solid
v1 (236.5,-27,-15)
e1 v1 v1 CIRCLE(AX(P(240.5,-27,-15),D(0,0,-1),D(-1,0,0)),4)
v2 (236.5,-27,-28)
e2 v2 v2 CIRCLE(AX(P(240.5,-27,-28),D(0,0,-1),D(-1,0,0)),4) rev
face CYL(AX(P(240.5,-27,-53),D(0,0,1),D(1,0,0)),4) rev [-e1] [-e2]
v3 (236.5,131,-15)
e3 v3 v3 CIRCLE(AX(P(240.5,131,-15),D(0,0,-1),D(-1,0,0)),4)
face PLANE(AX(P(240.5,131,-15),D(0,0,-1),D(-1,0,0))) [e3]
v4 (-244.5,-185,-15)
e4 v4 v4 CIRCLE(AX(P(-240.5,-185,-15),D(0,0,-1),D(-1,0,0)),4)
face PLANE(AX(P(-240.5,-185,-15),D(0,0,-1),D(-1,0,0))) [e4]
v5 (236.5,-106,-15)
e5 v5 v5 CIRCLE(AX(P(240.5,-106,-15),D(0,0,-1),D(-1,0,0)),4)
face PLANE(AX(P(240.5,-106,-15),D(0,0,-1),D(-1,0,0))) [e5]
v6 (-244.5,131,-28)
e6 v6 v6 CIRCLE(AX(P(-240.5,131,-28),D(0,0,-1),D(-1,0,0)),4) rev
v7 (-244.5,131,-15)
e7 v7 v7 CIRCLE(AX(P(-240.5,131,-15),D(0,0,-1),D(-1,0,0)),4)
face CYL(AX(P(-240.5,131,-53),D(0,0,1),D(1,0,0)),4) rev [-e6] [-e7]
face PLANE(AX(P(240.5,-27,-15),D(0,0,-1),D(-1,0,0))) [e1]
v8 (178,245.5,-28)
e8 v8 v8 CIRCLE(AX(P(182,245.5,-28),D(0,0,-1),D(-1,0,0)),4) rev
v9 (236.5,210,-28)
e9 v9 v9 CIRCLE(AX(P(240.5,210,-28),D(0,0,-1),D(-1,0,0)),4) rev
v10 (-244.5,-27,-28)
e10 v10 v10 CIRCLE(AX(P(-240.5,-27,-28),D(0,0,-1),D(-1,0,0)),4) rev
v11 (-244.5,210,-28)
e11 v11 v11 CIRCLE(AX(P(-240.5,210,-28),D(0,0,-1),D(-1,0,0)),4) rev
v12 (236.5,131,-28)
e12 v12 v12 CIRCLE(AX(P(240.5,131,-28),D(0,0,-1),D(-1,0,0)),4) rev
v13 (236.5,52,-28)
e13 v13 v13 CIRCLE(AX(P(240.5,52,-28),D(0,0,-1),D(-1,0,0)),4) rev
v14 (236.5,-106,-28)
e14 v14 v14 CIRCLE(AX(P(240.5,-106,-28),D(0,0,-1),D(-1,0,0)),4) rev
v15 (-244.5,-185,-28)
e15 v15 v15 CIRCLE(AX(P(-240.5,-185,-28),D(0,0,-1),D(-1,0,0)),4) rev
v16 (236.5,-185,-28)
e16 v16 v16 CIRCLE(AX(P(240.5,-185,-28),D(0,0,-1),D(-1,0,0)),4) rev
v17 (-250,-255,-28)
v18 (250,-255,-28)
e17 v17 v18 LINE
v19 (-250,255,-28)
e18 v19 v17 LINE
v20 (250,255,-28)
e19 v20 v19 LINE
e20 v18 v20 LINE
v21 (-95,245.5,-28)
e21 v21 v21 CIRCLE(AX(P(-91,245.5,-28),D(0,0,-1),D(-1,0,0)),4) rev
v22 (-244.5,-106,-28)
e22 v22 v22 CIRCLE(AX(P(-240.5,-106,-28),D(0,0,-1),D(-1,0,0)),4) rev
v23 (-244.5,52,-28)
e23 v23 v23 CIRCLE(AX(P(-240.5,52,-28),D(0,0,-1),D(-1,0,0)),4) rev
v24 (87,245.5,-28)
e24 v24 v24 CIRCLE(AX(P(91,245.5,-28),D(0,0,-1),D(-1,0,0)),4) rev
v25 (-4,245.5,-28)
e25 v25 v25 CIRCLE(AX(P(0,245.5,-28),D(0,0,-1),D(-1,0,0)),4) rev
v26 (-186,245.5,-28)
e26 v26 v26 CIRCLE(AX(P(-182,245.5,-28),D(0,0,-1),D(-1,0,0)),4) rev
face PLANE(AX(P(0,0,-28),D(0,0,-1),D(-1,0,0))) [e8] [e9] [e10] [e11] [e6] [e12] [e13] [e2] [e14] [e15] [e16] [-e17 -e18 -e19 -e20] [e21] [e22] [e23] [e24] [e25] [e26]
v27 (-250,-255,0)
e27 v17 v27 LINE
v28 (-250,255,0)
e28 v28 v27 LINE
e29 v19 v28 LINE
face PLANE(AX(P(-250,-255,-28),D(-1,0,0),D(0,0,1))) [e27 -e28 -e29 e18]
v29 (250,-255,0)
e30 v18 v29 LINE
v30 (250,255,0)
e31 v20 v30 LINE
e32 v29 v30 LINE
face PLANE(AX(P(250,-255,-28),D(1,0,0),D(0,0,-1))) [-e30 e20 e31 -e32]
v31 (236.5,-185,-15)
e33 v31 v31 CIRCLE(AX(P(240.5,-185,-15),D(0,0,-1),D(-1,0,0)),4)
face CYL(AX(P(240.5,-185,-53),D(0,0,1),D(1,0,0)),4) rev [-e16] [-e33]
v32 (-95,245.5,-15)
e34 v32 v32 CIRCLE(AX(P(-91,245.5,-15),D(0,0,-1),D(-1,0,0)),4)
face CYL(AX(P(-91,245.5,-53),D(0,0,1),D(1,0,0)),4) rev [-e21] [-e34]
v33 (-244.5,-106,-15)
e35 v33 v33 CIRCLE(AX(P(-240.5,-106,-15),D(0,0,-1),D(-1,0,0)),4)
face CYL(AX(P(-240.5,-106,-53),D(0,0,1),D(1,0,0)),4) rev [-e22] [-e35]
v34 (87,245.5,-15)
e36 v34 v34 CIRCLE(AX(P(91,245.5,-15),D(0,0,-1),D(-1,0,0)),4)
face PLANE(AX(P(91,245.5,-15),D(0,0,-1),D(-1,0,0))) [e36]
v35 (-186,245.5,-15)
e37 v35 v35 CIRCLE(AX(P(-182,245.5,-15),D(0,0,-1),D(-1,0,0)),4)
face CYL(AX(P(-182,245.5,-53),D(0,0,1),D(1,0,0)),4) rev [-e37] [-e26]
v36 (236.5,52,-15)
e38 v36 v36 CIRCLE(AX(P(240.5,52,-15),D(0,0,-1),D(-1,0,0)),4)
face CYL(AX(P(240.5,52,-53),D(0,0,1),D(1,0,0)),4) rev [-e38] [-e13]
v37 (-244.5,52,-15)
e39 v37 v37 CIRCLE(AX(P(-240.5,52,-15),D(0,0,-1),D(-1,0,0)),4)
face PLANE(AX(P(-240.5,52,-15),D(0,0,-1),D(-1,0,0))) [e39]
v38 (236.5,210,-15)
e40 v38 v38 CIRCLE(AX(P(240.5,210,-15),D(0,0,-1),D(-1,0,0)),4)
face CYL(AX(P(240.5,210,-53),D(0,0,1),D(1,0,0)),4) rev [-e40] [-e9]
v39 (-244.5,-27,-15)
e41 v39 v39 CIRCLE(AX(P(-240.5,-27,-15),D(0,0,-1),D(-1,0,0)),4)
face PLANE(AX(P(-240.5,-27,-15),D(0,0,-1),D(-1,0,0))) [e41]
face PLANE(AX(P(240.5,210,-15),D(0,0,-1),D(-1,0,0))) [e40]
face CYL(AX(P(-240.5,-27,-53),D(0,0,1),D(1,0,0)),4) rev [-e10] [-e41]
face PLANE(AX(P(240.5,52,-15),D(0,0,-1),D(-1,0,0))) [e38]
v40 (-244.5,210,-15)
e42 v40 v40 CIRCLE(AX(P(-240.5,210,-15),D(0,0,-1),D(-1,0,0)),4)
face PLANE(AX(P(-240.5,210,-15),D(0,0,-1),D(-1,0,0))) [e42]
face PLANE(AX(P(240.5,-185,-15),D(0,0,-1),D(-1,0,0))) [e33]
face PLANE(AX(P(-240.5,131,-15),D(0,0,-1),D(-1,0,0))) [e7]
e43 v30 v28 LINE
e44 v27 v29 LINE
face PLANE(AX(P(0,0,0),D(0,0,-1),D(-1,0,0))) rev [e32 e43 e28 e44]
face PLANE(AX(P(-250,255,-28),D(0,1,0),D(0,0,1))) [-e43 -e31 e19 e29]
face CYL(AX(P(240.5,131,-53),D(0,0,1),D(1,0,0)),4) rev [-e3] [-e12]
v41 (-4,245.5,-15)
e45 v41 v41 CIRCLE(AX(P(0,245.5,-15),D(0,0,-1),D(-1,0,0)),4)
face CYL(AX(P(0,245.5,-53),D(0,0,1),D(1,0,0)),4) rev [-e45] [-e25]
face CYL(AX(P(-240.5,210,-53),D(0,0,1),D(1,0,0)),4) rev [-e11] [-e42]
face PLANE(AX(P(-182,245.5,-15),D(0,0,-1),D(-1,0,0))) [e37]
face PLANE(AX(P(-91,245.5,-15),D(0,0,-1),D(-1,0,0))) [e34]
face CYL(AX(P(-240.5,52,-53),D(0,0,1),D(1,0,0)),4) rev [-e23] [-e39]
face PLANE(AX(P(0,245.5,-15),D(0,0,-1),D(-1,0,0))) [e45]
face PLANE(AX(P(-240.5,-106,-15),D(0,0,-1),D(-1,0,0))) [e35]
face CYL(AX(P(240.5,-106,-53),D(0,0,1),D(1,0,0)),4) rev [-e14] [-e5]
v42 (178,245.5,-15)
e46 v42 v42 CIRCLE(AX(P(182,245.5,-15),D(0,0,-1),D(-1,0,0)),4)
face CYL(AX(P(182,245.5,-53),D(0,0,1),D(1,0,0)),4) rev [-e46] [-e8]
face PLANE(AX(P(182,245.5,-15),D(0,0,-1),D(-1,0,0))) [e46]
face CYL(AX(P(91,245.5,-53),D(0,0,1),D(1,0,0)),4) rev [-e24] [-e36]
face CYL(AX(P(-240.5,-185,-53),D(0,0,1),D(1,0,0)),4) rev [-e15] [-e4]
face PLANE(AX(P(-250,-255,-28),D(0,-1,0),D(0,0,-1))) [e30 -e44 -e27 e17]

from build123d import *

# Parameters (mm, degrees)
SKETCH1_W               = 500
SKETCH1_H               = 510
BOSS_EXTRUDE1_DEPTH     = 28
CUT_EXTRUDE2_DEPTH      = 25
CUT_EXTRUDE2_DEPTH_BACK = 13
SKETCH3_R               = 4


with BuildPart() as part:
    # Sketch1 → Boss-Extrude1 (new body)
    with BuildSketch(Plane.XY):
        Rectangle(SKETCH1_W, SKETCH1_H)
    extrude(amount=-BOSS_EXTRUDE1_DEPTH)

    # Sketch3 → Cut-Extrude2 (cut, two sides: drawn at the far end of the back side and taken through both)
    with BuildSketch(Plane(origin=(0, 0, -28), x_dir=(1, 0, 0), z_dir=(0, 0, -1)).offset(-CUT_EXTRUDE2_DEPTH_BACK)):
        with Locations(Location((240.5, -210, 0), (0, 0, 180))):
            Circle(SKETCH3_R)
        with Locations(Location((182, -245.5, 0), (0, 0, 180))):
            Circle(SKETCH3_R)
        with Locations(Location((-240.5, -210, 0), (0, 0, 180))):
            Circle(SKETCH3_R)
        with Locations(Location((-240.5, -131, 0), (0, 0, 180))):
            Circle(SKETCH3_R)
        with Locations(Location((240.5, -131, 0), (0, 0, 180))):
            Circle(SKETCH3_R)
        with Locations(Location((-240.5, -52, 0), (0, 0, 180))):
            Circle(SKETCH3_R)
        with Locations(Location((240.5, -52, 0), (0, 0, 180))):
            Circle(SKETCH3_R)
        with Locations(Location((-240.5, 27, 0), (0, 0, 180))):
            Circle(SKETCH3_R)
        with Locations(Location((240.5, 27, 0), (0, 0, 180))):
            Circle(SKETCH3_R)
        with Locations(Location((-240.5, 106, 0), (0, 0, 180))):
            Circle(SKETCH3_R)
        with Locations(Location((240.5, 106, 0), (0, 0, 180))):
            Circle(SKETCH3_R)
        with Locations(Location((-182, -245.5, 0), (0, 0, 180))):
            Circle(SKETCH3_R)
        with Locations(Location((-240.5, 185, 0), (0, 0, 180))):
            Circle(SKETCH3_R)
        with Locations(Location((91, -245.5, 0), (0, 0, 180))):
            Circle(SKETCH3_R)
        with Locations(Location((0, -245.5, 0), (0, 0, 180))):
            Circle(SKETCH3_R)
        with Locations(Location((-91, -245.5, 0), (0, 0, 180))):
            Circle(SKETCH3_R)
        with Locations(Location((240.5, 185, 0), (0, 0, 180))):
            Circle(SKETCH3_R)
    extrude(amount=CUT_EXTRUDE2_DEPTH + CUT_EXTRUDE2_DEPTH_BACK, mode=Mode.SUBTRACT)


solid = part.part
